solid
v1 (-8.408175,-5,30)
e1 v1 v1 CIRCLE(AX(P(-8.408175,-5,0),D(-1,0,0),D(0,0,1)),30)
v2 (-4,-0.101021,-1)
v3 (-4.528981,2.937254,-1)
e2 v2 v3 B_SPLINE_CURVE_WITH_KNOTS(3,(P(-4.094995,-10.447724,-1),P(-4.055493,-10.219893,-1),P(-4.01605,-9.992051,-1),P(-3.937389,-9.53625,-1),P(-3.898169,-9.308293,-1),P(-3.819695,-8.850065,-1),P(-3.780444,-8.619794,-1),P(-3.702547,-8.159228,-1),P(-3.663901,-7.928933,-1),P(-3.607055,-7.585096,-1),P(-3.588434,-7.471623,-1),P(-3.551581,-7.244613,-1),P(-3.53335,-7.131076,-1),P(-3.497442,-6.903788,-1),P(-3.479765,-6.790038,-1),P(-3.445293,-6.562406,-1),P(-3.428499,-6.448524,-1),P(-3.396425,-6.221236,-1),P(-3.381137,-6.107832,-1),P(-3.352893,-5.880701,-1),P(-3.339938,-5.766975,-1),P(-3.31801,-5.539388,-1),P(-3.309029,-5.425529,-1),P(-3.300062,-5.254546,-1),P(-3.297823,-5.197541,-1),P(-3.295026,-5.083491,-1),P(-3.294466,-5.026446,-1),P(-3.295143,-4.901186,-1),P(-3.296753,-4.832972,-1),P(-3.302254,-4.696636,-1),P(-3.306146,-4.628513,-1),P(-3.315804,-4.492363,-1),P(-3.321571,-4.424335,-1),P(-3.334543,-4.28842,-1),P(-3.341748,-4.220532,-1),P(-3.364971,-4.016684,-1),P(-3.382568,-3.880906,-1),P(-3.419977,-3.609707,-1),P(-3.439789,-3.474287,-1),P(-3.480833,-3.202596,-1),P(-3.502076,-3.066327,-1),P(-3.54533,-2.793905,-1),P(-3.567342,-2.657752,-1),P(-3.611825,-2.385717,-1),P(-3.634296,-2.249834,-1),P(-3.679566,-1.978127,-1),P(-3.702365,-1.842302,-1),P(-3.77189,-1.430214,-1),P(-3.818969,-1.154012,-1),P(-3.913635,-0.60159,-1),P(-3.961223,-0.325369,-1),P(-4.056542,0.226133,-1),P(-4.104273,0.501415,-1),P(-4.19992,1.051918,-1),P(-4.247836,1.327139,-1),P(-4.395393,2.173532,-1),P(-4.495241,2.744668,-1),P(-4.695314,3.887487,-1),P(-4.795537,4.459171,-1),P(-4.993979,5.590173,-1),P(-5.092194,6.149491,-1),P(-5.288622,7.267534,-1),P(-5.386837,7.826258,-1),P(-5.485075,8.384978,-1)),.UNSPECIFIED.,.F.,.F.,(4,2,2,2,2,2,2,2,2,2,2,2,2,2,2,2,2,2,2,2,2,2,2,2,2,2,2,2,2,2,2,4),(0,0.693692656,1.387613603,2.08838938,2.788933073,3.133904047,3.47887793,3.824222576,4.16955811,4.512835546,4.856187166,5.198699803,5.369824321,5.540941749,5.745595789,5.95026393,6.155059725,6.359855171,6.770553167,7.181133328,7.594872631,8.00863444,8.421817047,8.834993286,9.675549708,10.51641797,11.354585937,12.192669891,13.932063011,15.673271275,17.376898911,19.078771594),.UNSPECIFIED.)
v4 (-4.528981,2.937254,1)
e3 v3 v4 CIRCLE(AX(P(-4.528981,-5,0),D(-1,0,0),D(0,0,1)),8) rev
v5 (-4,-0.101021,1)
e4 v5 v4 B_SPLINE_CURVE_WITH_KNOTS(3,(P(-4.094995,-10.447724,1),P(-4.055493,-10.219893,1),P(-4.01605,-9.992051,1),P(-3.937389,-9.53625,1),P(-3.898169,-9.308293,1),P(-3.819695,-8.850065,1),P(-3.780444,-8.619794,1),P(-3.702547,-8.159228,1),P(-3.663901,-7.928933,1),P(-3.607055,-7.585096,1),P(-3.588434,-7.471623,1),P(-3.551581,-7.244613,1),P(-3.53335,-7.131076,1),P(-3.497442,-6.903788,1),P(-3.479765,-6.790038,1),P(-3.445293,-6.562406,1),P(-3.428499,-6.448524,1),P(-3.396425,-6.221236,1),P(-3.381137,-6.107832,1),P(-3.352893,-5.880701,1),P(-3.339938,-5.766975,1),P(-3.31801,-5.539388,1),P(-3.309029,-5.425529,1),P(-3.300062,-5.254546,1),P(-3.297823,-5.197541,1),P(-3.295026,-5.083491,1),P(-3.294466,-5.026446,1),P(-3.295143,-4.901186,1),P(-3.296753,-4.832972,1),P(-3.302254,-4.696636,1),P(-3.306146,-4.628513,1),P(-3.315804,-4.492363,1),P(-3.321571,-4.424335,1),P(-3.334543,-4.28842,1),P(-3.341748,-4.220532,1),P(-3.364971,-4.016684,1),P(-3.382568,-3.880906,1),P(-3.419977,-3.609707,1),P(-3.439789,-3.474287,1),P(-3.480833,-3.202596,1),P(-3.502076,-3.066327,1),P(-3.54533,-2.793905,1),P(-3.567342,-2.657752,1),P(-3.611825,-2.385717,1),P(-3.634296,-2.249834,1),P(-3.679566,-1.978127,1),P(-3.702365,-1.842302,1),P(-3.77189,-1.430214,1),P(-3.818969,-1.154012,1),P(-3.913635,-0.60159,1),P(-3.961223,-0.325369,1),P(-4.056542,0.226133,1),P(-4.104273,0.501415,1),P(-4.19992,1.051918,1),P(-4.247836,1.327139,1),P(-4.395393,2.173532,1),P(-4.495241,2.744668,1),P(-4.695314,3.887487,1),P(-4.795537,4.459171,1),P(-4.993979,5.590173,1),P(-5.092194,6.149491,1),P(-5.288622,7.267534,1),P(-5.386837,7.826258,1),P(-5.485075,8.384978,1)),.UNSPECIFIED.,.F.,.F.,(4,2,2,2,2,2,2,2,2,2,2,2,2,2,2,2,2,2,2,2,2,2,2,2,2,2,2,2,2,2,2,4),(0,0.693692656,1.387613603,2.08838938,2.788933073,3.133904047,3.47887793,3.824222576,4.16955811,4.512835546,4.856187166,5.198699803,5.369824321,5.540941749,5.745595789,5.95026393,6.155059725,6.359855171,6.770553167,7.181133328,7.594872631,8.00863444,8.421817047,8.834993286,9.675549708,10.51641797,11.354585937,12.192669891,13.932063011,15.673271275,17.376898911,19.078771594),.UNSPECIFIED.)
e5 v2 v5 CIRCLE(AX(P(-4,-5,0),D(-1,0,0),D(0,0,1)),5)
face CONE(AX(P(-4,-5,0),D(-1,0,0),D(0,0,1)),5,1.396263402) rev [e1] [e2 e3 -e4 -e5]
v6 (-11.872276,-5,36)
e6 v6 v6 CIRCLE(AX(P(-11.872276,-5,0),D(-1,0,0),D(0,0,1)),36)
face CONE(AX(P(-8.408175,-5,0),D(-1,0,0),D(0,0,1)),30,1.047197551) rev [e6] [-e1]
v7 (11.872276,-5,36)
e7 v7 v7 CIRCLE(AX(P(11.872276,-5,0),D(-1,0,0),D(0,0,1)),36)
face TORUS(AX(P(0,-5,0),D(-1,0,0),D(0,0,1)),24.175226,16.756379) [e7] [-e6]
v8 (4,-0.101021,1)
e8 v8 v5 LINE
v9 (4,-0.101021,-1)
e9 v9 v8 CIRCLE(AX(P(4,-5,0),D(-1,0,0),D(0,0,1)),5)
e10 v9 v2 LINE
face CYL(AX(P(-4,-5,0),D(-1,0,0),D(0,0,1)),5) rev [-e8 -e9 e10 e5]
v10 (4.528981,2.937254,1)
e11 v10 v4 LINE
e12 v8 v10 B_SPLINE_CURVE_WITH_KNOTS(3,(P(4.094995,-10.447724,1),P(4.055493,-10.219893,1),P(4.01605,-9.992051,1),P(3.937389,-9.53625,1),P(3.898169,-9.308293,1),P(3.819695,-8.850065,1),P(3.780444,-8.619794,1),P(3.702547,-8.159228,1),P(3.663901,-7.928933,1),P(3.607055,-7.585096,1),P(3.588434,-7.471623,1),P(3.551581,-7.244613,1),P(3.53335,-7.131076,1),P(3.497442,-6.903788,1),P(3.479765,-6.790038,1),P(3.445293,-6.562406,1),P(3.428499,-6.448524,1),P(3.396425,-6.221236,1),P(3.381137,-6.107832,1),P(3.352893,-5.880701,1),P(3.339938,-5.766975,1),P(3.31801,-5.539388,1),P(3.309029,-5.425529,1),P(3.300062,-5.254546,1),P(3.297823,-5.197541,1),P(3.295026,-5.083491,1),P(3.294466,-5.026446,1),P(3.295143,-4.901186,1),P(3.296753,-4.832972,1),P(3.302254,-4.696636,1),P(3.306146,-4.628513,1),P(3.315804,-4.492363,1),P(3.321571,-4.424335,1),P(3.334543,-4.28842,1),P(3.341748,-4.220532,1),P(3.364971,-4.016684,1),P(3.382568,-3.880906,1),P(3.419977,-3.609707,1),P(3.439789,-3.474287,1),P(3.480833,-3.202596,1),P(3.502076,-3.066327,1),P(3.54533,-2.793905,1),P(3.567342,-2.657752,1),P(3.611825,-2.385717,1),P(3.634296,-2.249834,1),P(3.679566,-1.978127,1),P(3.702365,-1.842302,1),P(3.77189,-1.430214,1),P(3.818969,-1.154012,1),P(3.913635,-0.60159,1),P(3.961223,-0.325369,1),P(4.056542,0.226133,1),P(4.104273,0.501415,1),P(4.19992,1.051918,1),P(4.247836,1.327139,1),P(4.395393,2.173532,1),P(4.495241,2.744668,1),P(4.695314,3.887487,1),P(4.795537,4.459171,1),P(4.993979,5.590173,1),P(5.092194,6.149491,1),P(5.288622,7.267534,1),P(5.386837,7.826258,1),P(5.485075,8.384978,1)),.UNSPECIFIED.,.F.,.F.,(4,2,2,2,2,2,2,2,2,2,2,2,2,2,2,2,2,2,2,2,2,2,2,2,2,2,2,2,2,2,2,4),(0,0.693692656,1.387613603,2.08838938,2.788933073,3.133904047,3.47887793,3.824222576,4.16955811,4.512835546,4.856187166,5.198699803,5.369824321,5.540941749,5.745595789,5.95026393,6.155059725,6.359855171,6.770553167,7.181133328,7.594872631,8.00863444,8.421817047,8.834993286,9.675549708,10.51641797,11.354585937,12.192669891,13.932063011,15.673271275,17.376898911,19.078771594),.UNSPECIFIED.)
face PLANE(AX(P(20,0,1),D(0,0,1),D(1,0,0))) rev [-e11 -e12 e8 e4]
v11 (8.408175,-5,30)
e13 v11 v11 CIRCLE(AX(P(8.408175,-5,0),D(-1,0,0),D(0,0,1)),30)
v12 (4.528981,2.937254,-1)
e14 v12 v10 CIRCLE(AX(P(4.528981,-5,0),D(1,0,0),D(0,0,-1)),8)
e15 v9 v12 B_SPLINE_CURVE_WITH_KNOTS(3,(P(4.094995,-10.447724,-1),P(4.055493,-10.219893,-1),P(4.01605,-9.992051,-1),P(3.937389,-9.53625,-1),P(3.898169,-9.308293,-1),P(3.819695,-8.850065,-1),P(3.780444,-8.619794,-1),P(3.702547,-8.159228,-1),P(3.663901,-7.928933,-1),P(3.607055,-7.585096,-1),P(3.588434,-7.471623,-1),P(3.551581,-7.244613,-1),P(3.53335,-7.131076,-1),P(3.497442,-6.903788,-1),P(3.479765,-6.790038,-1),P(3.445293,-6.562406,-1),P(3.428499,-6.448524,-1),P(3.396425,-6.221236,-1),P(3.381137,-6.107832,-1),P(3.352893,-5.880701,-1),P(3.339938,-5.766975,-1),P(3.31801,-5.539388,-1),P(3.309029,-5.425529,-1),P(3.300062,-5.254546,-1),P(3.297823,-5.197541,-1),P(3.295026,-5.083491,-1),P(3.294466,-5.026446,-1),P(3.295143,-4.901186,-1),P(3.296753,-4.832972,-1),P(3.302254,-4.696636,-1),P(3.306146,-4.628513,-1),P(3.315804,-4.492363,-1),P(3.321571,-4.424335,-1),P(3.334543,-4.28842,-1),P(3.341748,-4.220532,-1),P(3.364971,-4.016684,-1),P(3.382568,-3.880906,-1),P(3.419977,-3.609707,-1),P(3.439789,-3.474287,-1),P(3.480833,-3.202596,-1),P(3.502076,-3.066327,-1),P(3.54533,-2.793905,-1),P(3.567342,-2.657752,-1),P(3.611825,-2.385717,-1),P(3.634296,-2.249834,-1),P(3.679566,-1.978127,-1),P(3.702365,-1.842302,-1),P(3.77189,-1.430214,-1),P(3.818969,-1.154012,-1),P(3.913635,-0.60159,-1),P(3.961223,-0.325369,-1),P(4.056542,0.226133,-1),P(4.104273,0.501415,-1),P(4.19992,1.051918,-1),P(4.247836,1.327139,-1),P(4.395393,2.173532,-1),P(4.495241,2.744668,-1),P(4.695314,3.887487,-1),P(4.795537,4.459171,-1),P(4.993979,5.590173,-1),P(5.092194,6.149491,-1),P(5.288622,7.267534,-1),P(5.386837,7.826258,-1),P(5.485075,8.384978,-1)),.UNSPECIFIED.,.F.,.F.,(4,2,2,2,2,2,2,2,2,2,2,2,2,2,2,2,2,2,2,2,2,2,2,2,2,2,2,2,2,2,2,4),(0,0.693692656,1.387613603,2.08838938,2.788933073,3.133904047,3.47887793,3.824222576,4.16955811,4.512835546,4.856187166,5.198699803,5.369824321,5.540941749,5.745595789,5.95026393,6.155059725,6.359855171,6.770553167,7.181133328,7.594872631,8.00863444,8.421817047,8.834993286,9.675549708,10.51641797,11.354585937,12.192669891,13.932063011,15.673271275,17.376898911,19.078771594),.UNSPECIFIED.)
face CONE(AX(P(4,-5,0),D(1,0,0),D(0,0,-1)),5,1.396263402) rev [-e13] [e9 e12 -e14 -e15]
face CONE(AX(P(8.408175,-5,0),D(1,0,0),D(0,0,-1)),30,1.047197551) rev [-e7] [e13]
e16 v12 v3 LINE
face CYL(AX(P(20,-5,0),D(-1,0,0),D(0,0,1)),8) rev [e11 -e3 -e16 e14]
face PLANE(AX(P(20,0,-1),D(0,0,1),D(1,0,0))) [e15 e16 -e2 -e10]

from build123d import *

# Parameters (mm, degrees)
CUT_EXTRUDE3_DEPTH      = 20
CUT_EXTRUDE3_DEPTH_BACK = 200.5


with BuildPart() as part:
    # Sketch1 → Revolve1 (revolve)
    with BuildSketch(Plane.XY):
        with BuildLine():
            Line((4, 0), (-4, 0))
            Line((-4, 0), (-8.408174518, 25))
            Line((-8.408174518, 25), (-11.872276133, 31))
            ThreePointArc((-11.872276133, 31), (0, 35.931604452), (11.872276133, 31))
            Line((11.872276133, 31), (8.408174518, 25))
            Line((8.408174518, 25), (4, 0))
        make_face()
    revolve(axis=Axis((-4, -5, 0), (1, 0, 0)))

    # Sketch2 → Cut-Extrude3 (cut, two sides)
    with BuildSketch(Plane(origin=(0, 0, 0), x_dir=(0, 0, -1), z_dir=(1, 0, 0))) as cut_extrude3_sk:
        with BuildLine():
            Line((-1, -5), (1, -5))
            Line((1, -5), (1, 2.937253933))
            ThreePointArc((1, 2.937253933), (0, 3), (-1, 2.937253933))
            Line((-1, 2.937253933), (-1, -5))
        make_face()
    extrude(amount=CUT_EXTRUDE3_DEPTH, mode=Mode.SUBTRACT)
    extrude(cut_extrude3_sk.sketch, amount=-CUT_EXTRUDE3_DEPTH_BACK, mode=Mode.SUBTRACT)


solid = part.part
